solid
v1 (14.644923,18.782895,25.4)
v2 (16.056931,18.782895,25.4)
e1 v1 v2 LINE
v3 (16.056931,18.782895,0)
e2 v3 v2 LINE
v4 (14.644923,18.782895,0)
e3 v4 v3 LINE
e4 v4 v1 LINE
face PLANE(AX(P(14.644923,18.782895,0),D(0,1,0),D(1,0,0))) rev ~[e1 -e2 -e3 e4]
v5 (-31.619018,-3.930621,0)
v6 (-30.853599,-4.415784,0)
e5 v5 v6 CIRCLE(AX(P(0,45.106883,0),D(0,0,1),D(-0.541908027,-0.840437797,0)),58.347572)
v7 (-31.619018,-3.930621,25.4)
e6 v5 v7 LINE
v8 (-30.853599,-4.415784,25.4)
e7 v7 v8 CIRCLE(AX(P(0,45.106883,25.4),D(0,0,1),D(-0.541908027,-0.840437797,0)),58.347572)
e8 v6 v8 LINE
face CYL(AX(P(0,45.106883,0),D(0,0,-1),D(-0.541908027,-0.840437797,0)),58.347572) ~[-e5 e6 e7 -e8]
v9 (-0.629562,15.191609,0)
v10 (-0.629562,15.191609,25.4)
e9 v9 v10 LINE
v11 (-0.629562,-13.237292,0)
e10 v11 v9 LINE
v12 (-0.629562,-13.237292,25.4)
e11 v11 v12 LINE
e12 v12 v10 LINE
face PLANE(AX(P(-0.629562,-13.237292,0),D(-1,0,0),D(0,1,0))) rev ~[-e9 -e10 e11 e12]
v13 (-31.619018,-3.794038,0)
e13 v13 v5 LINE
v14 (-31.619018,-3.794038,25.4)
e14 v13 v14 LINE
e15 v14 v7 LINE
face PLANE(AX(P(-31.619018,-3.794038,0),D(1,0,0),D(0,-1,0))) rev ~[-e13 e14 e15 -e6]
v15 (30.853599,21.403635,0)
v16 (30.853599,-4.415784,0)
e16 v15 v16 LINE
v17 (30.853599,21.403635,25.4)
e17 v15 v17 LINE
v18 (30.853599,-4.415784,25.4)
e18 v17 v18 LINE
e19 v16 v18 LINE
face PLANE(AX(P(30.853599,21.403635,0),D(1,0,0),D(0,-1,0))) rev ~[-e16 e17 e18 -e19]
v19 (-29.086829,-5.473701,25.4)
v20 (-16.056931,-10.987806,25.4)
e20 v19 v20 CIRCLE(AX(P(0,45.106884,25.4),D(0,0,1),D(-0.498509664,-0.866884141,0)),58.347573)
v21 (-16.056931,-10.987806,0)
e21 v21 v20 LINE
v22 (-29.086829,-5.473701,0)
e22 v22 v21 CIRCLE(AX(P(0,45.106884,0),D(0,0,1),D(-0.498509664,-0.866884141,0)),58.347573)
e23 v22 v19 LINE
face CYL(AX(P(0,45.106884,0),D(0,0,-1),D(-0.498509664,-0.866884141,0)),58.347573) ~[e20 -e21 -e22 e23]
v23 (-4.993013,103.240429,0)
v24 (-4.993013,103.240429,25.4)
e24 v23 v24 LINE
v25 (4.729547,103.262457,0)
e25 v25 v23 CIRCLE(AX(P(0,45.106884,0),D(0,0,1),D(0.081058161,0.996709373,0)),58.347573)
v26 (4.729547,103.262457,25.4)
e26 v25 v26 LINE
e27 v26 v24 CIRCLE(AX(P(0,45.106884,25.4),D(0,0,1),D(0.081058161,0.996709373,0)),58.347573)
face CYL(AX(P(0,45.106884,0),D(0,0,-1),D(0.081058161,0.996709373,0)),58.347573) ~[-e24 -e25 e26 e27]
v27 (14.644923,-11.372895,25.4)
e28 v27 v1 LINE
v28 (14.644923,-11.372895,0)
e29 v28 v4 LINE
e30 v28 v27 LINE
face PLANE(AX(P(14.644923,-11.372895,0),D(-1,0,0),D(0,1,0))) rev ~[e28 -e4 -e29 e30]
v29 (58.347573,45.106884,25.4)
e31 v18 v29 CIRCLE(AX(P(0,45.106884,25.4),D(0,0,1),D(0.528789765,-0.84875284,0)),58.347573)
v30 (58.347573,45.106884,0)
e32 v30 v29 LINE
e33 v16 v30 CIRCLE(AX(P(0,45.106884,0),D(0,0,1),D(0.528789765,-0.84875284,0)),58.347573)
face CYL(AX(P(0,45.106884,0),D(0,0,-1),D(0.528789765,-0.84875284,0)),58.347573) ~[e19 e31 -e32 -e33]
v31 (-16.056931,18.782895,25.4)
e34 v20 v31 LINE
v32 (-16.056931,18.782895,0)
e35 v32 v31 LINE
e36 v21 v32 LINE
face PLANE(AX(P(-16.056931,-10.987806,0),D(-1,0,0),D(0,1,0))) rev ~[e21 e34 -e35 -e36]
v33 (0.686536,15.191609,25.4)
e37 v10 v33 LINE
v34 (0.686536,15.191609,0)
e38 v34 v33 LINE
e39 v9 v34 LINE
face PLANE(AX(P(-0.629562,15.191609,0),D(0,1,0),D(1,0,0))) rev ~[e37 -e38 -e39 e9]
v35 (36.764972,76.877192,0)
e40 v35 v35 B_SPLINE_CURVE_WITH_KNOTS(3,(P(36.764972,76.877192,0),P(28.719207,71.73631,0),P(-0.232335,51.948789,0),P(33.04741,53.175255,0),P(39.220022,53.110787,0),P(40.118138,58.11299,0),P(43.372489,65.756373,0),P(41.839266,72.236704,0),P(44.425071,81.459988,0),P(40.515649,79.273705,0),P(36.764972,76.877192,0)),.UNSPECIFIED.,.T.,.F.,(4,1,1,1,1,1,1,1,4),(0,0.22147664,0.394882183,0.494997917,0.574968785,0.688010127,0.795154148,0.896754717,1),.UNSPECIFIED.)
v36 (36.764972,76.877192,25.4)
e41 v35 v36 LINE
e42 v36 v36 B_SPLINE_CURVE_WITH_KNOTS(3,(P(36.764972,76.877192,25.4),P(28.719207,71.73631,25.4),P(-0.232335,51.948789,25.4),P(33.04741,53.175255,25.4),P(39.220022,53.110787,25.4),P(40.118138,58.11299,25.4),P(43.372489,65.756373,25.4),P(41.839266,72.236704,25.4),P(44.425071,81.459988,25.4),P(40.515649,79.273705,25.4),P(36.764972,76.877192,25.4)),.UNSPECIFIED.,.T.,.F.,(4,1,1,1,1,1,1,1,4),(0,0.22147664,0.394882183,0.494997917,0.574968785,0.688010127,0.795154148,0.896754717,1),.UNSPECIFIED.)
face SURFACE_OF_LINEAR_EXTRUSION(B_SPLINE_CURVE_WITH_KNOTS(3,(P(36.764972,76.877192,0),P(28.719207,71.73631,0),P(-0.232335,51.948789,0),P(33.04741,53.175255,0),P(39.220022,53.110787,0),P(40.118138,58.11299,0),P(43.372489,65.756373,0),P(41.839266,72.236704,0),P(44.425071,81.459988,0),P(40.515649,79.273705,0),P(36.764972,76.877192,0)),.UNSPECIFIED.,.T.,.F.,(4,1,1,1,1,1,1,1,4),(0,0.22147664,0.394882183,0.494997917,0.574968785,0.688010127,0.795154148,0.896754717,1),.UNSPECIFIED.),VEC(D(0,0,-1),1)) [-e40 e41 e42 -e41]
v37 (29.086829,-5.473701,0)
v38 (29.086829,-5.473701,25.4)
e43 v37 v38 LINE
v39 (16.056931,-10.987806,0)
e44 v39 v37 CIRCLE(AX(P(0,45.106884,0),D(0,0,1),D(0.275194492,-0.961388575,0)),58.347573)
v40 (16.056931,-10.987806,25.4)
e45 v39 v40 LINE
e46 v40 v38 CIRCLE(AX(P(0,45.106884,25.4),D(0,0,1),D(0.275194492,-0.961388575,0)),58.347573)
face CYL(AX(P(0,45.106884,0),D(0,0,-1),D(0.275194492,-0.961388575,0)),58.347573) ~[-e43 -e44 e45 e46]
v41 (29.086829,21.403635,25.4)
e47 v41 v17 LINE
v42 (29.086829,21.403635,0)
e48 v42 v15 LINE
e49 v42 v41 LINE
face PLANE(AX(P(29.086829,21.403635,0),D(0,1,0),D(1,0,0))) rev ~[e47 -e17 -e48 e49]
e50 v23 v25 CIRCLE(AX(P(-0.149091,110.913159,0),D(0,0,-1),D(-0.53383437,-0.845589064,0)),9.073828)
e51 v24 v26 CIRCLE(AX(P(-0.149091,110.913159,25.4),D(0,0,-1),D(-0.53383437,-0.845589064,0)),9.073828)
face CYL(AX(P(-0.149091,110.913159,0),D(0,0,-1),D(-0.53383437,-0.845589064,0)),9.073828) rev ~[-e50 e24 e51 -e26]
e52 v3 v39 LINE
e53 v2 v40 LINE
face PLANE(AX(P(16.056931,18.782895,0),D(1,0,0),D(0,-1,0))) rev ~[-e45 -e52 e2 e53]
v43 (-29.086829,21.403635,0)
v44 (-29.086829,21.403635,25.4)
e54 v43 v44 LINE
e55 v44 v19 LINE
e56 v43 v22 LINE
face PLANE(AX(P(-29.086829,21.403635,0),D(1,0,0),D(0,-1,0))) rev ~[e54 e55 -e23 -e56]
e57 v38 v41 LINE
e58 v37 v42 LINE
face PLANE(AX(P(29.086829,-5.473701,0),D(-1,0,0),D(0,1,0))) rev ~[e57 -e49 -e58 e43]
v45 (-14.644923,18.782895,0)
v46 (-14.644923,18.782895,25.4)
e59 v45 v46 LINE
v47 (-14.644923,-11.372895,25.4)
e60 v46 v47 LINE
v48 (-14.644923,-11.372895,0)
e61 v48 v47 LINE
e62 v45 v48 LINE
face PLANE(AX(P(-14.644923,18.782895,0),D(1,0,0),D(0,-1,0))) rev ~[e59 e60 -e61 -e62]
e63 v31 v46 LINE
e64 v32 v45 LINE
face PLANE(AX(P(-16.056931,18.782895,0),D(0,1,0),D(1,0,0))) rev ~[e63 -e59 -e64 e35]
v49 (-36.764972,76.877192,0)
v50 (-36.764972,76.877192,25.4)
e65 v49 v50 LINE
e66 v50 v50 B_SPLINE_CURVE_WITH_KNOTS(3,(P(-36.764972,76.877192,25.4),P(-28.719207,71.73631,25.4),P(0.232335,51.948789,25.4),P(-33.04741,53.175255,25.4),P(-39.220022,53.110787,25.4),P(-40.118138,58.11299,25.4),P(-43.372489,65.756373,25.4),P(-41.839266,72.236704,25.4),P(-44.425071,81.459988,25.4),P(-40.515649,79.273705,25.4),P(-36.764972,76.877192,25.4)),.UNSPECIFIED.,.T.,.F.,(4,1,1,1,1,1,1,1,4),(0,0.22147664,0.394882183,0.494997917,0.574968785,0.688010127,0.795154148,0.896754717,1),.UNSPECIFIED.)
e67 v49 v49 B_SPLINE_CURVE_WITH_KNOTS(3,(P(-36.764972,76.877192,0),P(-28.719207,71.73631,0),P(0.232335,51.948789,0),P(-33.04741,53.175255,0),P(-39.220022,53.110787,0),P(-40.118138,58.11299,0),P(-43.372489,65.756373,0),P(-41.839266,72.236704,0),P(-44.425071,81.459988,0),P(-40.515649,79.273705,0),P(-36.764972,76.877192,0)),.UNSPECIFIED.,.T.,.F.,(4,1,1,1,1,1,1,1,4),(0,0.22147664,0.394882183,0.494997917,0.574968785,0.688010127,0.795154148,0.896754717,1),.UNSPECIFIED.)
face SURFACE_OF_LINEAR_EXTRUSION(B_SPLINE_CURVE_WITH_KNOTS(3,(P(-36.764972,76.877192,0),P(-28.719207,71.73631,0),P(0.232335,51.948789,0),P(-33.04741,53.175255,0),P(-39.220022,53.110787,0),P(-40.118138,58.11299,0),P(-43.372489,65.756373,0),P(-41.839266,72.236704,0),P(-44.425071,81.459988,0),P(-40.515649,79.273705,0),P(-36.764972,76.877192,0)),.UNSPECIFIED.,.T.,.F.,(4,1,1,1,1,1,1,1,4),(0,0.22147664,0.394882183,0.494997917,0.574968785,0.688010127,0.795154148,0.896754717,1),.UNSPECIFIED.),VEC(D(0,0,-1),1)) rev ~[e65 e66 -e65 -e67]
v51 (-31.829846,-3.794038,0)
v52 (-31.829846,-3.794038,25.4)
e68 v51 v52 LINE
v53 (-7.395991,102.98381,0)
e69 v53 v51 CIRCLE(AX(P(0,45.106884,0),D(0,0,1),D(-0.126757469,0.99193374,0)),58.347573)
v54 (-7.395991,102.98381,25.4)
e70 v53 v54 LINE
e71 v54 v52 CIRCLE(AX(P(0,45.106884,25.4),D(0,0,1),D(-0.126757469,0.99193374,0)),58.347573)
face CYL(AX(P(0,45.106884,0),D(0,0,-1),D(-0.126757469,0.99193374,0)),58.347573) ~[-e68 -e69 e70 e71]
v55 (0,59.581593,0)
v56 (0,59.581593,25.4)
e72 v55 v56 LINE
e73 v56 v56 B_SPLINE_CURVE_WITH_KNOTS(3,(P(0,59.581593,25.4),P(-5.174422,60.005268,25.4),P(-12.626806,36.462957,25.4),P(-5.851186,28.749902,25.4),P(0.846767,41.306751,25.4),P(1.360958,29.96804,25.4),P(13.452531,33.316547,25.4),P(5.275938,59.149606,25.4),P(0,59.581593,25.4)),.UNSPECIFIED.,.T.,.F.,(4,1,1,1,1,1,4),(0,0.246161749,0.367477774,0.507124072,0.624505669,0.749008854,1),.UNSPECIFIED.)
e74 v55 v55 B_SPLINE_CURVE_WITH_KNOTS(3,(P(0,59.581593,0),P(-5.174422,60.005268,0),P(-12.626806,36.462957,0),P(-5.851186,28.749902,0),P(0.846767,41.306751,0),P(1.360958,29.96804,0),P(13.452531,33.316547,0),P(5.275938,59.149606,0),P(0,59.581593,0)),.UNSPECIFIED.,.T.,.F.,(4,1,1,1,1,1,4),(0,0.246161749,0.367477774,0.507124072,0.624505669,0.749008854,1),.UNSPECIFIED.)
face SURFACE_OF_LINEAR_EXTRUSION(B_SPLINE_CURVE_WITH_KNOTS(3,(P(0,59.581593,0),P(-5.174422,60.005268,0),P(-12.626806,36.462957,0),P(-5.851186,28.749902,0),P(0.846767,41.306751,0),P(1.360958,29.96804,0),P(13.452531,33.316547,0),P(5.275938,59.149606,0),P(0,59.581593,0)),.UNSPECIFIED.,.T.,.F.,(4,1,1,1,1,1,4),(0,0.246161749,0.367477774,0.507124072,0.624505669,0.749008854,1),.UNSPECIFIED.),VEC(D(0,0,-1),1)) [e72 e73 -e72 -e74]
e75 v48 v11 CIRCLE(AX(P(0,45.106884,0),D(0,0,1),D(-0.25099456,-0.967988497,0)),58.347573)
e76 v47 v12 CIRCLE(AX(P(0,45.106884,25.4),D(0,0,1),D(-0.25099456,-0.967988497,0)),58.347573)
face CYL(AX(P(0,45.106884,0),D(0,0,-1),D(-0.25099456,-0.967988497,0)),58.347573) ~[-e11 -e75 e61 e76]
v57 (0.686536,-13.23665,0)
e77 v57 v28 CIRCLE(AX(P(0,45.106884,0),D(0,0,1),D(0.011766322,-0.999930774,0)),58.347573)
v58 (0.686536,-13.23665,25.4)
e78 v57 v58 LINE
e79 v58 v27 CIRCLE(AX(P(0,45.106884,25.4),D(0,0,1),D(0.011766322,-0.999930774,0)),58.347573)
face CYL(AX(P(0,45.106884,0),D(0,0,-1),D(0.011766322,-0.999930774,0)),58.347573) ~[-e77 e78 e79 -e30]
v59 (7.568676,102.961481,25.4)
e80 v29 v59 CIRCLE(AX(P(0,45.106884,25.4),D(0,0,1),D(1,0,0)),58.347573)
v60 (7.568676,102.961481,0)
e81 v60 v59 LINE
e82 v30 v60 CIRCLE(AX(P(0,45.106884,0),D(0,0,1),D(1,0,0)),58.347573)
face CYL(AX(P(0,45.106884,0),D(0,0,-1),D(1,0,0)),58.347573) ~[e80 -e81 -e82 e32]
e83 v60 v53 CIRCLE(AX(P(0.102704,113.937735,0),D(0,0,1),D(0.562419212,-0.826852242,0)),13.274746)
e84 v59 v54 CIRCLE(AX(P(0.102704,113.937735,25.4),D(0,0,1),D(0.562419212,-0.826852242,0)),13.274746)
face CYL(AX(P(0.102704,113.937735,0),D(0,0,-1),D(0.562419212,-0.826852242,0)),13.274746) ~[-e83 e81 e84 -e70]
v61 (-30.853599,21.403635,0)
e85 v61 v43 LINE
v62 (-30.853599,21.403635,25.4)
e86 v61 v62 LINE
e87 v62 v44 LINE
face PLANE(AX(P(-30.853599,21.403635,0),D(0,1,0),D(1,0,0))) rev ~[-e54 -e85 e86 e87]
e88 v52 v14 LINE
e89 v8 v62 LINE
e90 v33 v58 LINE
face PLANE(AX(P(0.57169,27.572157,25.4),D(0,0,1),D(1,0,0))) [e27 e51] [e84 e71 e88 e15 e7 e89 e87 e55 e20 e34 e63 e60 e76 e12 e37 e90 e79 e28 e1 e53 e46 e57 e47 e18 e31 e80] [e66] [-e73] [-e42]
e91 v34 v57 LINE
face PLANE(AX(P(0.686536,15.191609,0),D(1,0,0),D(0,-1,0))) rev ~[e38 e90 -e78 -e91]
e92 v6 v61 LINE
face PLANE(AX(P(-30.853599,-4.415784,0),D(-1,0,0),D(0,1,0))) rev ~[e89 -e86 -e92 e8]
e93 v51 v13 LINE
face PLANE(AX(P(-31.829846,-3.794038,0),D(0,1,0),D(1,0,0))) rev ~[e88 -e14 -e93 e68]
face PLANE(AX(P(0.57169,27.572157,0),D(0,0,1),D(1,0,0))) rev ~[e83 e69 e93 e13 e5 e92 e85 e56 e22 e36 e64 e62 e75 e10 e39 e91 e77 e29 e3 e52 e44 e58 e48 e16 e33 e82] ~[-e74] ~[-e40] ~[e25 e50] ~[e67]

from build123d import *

# Parameters (mm, degrees)
F1_DEPTH = 25.4


with BuildPart() as f1:
    # F0 (on Top) → F1 (new body)
    with BuildSketch(Plane.XY):
        with BuildLine():
            ThreePointArc((30.8535993099, -4.4157840249), (51.0130957631, 16.7854556593), (58.347572767, 45.1068840921))
            ThreePointArc((58.347572767, 45.1068840921), (43.852326854, 83.5960082351), (7.5686763352, 102.9614810256))
            ThreePointArc((7.5686763352, 102.9614810256), (6.1509528321, 103.129336876), (4.7295469743, 103.2624567677))
            ThreePointArc((4.7295469743, 103.2624567677), (-0.1321923759, 103.4543071113), (-4.9930125051, 103.2404292612))
            ThreePointArc((-4.9930125051, 103.2404292612), (-6.1958302948, 103.1245618702), (-7.3959906348, 102.9838101536))
            ThreePointArc((-7.3959906348, 102.9838101536), (-56.8774451223, 58.1220861332), (-31.8298459323, -3.794037737))
            Line((-31.8298459323, -3.794037737), (-31.6190180173, -3.794037737))
            Line((-31.6190180173, -3.794037737), (-31.6190180173, -3.9306214259))
            ThreePointArc((-31.6190180173, -3.9306214259), (-31.2372505931, -4.1746887642), (-30.8535993099, -4.4157840249))
            Line((-30.8535993099, -4.4157840249), (-30.8535993099, 21.4036349207))
            Line((-30.8535993099, 21.4036349207), (-29.086828904, 21.4036349207))
            Line((-29.086828904, 21.4036349207), (-29.086828904, -5.4737014335))
            ThreePointArc((-29.086828904, -5.4737014335), (-22.7396370491, -8.6271661431), (-16.0569306463, -10.9878057281))
            Line((-16.0569306463, -10.9878057281), (-16.0569306463, 18.7828950584))
            Line((-16.0569306463, 18.7828950584), (-14.6449233324, 18.7828950584))
            Line((-14.6449233324, 18.7828950584), (-14.6449233324, -11.3728951957))
            ThreePointArc((-14.6449233324, -11.3728951957), (-7.6939242613, -12.7311896765), (-0.6295621325, -13.2372921325))
            Line((-0.6295621325, -13.2372921325), (-0.6295621325, 15.1916090399))
            Line((-0.6295621325, 15.1916090399), (0.6865363102, 15.1916090399))
            Line((0.6865363102, 15.1916090399), (0.6865363102, -13.2366495316))
            ThreePointArc((0.6865363102, -13.2366495316), (7.722163476, -12.7274261316), (14.6449233324, -11.3728951957))
            Line((14.6449233324, -11.3728951957), (14.6449233324, 18.7828950584))
            Line((14.6449233324, 18.7828950584), (16.0569306463, 18.7828950584))
            Line((16.0569306463, 18.7828950584), (16.0569306463, -10.9878057281))
            ThreePointArc((16.0569306463, -10.9878057281), (22.7396370491, -8.6271661431), (29.086828904, -5.4737014335))
            Line((29.086828904, -5.4737014335), (29.086828904, 21.4036349207))
            Line((29.086828904, 21.4036349207), (30.8535993099, 21.4036349207))
            Line((30.8535993099, 21.4036349207), (30.8535993099, -4.4157840249))
        make_face()
        with BuildLine():
            add(Edge.make_bspline(
                [(0, 59.581592679), (-5.1744224366, 60.0052676457), (-12.6268059879, 36.4629573704), (-5.8511859394, 28.7499016601), (0.846767048, 41.3067506684), (1.3609583881, 29.9680401259), (13.4525305094, 33.3165466695), (5.2759383626, 59.1496057206), (0, 59.581592679)],
                knots=[0, 0, 0, 0, 0.2461617493, 0.3674777738, 0.5071240723, 0.6245056694, 0.7490088542, 1, 1, 1, 1], degree=3))
        make_face(mode=Mode.SUBTRACT)
        with BuildLine():
            add(Edge.make_bspline(
                [(-36.7649719119, 76.8771916628), (-28.7192071866, 71.7363100119), (0.2323351041, 51.9487887099), (-33.0474097049, 53.1752546508), (-39.2200220876, 53.1107869017), (-40.1181378051, 58.1129896149), (-43.372489282, 65.7563729144), (-41.8392659481, 72.2367042488), (-44.425070872, 81.4599884568), (-40.5156485459, 79.2737052752), (-36.7649719119, 76.8771916628)],
                knots=[0, 0, 0, 0, 0.2214766404, 0.3948821826, 0.4949979166, 0.5749687847, 0.6880101274, 0.7951541475, 0.8967547165, 1, 1, 1, 1], degree=3))
        make_face(mode=Mode.SUBTRACT)
        with BuildLine():
            add(Edge.make_bspline(
                [(36.7649719119, 76.8771916628), (28.7192071866, 71.7363100119), (-0.2323351041, 51.9487887099), (33.0474097049, 53.1752546508), (39.2200220876, 53.1107869017), (40.1181378051, 58.1129896149), (43.372489282, 65.7563729144), (41.8392659481, 72.2367042488), (44.425070872, 81.4599884568), (40.5156485459, 79.2737052752), (36.7649719119, 76.8771916628)],
                knots=[0, 0, 0, 0, 0.2214766404, 0.3948821826, 0.4949979166, 0.5749687847, 0.6880101274, 0.7951541475, 0.8967547165, 1, 1, 1, 1], degree=3))
        make_face(mode=Mode.SUBTRACT)
        with BuildLine():
            ThreePointArc((4.7295469743, 103.2624567677), (6.1509528321, 103.129336876), (7.5686763352, 102.9614810256))
            ThreePointArc((7.5686763352, 102.9614810256), (0.1225116505, 127.2124658536), (-7.3959906348, 102.9838101536))
            ThreePointArc((-7.3959906348, 102.9838101536), (-6.1958302948, 103.1245618702), (-4.9930125051, 103.2404292612))
            ThreePointArc((-4.9930125051, 103.2404292612), (-0.1696488917, 119.9869638405), (4.7295469743, 103.2624567677))
        make_face()
    extrude(amount=F1_DEPTH)


solid = f1.part
